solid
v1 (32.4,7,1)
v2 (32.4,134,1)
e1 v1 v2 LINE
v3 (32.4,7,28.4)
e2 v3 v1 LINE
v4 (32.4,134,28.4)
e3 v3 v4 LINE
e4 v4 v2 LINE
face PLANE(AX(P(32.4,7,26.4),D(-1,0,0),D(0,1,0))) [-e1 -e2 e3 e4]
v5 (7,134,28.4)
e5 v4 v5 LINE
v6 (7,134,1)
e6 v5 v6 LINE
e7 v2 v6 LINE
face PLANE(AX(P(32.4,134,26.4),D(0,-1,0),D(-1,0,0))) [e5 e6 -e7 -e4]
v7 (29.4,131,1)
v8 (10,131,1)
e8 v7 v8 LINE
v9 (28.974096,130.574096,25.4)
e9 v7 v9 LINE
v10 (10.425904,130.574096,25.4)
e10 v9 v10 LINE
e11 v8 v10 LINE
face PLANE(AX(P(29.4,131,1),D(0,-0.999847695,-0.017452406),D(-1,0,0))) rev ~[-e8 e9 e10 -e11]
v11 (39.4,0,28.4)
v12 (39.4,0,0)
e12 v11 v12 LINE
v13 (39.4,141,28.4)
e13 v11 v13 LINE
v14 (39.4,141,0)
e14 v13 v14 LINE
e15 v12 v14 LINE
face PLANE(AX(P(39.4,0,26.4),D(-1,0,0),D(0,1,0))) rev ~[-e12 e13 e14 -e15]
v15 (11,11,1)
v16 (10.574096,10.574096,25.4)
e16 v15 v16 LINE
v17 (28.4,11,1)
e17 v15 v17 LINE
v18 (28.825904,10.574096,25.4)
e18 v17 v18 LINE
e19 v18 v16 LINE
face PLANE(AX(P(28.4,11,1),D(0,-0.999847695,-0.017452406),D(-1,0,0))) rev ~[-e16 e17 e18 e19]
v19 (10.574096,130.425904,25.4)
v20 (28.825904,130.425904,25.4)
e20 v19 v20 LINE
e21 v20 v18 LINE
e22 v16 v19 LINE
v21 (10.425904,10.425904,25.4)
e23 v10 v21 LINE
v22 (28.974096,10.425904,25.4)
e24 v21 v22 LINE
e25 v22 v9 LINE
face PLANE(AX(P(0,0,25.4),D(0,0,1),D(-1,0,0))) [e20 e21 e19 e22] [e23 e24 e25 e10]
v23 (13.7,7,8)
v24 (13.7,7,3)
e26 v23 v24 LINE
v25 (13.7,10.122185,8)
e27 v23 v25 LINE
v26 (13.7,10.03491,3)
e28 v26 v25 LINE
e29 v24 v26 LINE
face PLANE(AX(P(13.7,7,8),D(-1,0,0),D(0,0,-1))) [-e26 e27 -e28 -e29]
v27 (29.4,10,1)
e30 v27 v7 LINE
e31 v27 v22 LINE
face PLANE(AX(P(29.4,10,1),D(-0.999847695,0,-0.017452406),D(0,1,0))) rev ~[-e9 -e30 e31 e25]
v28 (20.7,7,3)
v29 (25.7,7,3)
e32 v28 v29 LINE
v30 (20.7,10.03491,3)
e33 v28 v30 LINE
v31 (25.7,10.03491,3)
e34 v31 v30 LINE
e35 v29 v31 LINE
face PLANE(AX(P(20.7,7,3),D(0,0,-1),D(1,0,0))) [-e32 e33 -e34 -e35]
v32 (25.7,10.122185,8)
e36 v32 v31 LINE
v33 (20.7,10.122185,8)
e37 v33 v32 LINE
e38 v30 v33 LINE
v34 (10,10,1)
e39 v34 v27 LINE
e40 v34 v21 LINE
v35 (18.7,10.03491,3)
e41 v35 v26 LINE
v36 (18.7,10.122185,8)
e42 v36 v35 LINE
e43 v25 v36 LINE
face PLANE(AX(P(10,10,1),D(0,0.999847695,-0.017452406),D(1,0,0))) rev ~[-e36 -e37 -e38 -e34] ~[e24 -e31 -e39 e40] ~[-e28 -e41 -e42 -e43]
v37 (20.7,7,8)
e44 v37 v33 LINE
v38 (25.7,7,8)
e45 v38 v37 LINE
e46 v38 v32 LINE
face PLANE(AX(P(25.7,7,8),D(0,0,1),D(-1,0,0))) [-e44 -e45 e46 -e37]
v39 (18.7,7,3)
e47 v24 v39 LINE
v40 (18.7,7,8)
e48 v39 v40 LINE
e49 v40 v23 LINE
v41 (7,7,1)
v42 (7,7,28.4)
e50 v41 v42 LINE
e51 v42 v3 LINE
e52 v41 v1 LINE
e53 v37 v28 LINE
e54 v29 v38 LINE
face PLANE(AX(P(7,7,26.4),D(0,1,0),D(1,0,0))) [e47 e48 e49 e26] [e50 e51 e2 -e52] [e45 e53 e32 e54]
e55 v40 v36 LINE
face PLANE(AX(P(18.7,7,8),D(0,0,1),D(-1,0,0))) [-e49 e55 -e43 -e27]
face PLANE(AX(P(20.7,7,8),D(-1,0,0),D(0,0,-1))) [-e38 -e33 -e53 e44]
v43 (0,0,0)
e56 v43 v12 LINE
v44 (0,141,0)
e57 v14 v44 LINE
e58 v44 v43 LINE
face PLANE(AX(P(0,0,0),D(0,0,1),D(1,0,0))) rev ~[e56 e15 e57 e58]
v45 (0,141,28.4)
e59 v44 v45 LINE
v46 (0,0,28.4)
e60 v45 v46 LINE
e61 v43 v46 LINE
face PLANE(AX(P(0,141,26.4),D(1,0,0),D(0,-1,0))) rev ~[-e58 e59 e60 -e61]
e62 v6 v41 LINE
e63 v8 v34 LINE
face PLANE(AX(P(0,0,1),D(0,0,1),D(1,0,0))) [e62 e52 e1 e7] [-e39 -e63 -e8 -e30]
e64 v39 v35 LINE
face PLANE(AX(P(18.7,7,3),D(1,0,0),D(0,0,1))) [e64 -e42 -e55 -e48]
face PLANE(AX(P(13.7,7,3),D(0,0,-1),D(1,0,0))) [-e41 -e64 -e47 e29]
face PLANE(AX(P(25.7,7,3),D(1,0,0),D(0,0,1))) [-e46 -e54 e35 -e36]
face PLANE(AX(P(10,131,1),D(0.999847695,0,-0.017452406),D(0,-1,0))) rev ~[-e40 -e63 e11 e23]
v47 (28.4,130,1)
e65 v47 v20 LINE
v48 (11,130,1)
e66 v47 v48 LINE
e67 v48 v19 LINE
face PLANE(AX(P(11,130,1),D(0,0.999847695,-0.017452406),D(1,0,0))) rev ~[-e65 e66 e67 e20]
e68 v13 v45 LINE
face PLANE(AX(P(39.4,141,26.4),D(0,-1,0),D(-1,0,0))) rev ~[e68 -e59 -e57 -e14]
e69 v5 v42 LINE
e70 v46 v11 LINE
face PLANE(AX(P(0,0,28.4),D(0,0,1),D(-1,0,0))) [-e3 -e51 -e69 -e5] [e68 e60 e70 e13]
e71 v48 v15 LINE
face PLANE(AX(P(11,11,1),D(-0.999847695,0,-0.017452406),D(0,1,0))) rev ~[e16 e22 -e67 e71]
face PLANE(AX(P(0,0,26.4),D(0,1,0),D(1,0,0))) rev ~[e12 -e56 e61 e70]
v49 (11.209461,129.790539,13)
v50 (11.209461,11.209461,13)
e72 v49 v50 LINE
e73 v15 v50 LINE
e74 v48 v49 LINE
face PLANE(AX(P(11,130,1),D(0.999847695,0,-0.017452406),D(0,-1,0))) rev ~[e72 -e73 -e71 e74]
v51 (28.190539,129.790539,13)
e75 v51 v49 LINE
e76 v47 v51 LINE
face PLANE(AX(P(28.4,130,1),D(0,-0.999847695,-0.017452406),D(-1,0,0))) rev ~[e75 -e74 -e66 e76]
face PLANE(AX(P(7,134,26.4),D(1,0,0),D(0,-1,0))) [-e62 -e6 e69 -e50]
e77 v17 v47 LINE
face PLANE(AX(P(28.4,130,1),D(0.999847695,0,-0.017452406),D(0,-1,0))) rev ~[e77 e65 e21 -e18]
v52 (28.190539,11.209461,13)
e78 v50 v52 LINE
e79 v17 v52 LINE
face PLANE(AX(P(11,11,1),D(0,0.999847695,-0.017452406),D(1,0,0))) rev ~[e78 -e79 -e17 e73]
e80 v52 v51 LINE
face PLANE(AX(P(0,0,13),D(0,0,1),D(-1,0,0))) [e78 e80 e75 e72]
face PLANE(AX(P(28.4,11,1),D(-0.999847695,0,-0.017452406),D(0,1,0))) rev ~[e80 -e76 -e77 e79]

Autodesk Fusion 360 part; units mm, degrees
sketch "Sketch1" plane through (0, 0, 0) normal (0, 0, 1) x (1, 0, 0)
  line L0 (0, 0) -> (39.4, 0)
  line L1 (39.4, 0) -> (39.4, 141)
  line L2 (39.4, 141) -> (0, 141)
  line L3 (0, 141) -> (0, 0)
  line L4 (7, 7) -> (32.4, 7)
  line L5 (32.4, 7) -> (32.4, 134)
  line L6 (32.4, 134) -> (7, 134)
  line L7 (7, 134) -> (7, 7)
  line L8 (10, 10) -> (29.4, 10)
  line L9 (29.4, 10) -> (29.4, 131)
  line L10 (29.4, 131) -> (10, 131)
  line L11 (10, 131) -> (10, 10)
  line L12 (11, 11) -> (28.4, 11)
  line L13 (28.4, 11) -> (28.4, 130)
  line L14 (28.4, 130) -> (11, 130)
  line L15 (11, 130) -> (11, 11)
  dimension "d1" = 39.4
  dimension "d2" = 141
  dimension "d3" = 25.4
  dimension "d4" = 127
  dimension "d5" = 7
  dimension "d6" = 7
  dimension "d7" = 19.4
  dimension "d8" = 121
  dimension "d9" = 3
  dimension "d10" = 3
  dimension "d11" = 17.4
  dimension "d12" = 119
  dimension "d13" = 1
  dimension "d14" = 1
extrude "Extrude1" add sketch "Sketch1" along normal blind 1 contours L0 L1 L2 L3 | L4 L5 L6 L7 | L8 L9 L10 L11 | L12 L13 L14 L15
sketch "Sketch2" plane through (0, 0, 1) normal (0, 0, 1) x (-1, 0, 0)
  line L0 (0, -141) -> (0, 0)
  line L1 (0, 0) -> (-39.4, 0)
  line L2 (-39.4, 0) -> (-39.4, -141)
  line L3 (-39.4, -141) -> (0, -141)
  line L4 (-7, -7) -> (-32.4, -7)
  line L5 (-32.4, -7) -> (-32.4, -134)
  line L6 (-32.4, -134) -> (-7, -134)
  line L7 (-7, -134) -> (-7, -7)
  line L8 (-10, -10) -> (-29.4, -10)
  line L9 (-29.4, -10) -> (-29.4, -131)
  line L10 (-29.4, -131) -> (-10, -131)
  line L11 (-10, -131) -> (-10, -10)
  line L12 (-11, -11) -> (-28.4, -11)
  line L13 (-28.4, -11) -> (-28.4, -130)
  line L14 (-28.4, -130) -> (-11, -130)
  line L15 (-11, -130) -> (-11, -11)
  dimension "d17" = 25.4
  dimension "d18" = 127
  dimension "d19" = 19.4
  dimension "d20" = 121
  dimension "d21" = 17.4
  dimension "d22" = 119
  dimension "d23" = 7
  dimension "d24" = 7
  dimension "d25" = 3
  dimension "d26" = 3
  dimension "d27" = 1
  dimension "d28" = 1
extrude "Extrude2" add sketch "Sketch2" along normal blind 12 draft -1 contours L12 L13 L14 L15
sketch "Sketch3" plane through (0, 0, 1) normal (0, 0, 1) x (-1, 0, 0)
  line L0 (-11, -130) -> (-28.4, -130)
  line L1 (-28.4, -130) -> (-28.4, -11)
  line L2 (-28.4, -11) -> (-11, -11)
  line L3 (-11, -11) -> (-11, -130)
  line L4 (0, -141) -> (0, 0)
  line L5 (0, 0) -> (-39.4, 0)
  line L6 (-39.4, 0) -> (-39.4, -141)
  line L7 (-39.4, -141) -> (0, -141)
  line L8 (-7, -7) -> (-32.4, -7)
  line L9 (-32.4, -7) -> (-32.4, -134)
  line L10 (-32.4, -134) -> (-7, -134)
  line L11 (-7, -134) -> (-7, -7)
  dimension "d31" = 25.4
  dimension "d32" = 127
  dimension "d33" = 7
  dimension "d34" = 7
extrude "Extrude3" add sketch "Sketch3" along normal blind 25.4 contours L4 L5 L6 L7
sketch "Sketch4" plane through (0, 0, 1) normal (0, 0, 1) x (-1, 0, 0)
  line L0 (-7, -7) -> (-32.4, -7)
  line L1 (-32.4, -7) -> (-32.4, -134)
  line L2 (-32.4, -134) -> (-7, -134)
  line L3 (-7, -134) -> (-7, -7)
  line L4 (-11, -130) -> (-28.4, -130)
  line L5 (-28.4, -130) -> (-28.4, -11)
  line L6 (-28.4, -11) -> (-11, -11)
  line L7 (-11, -11) -> (-11, -130)
  line L8 (-10, -10) -> (-29.4, -10)
  line L9 (-29.4, -10) -> (-29.4, -131)
  line L10 (-29.4, -131) -> (-10, -131)
  line L11 (-10, -131) -> (-10, -10)
  dimension "d37" = 19.4
  dimension "d38" = 121
  dimension "d39" = 3
  dimension "d40" = 3
extrude "Extrude4" add sketch "Sketch4" along normal blind 24.4 draft -1 contours L8 L9 L10 L11
extrude "Extrude5" add 1 faces at (2.3333, 49.3333, 26.4) along direction (0, 0, 1) blind 2
sketch "Sketch5" plane through (0, 9.9795, -0.1742) normal (0, -0.9998, 0.0175) x (1, 0, 0)
  line L0 (28.9741, 25.5781) -> (10.4259, 25.5781)
  line L1 (10.4259, 25.5781) -> (10, 1.1744)
  line L2 (10, 1.1744) -> (29.4, 1.1744)
  line L3 (29.4, 1.1744) -> (28.9741, 25.5781)
sketch "Sketch6" plane through (0, 7, 0) normal (0, 1, 0) x (-1, 0, 0)
  line L0 (-32.4, 1) -> (-7, 1)
  line L1 (-7, 1) -> (-7, 28.4)
  line L2 (-7, 28.4) -> (-32.4, 28.4)
  line L3 (-32.4, 28.4) -> (-32.4, 1)
  line L4 (-25.7, 8) -> (-20.7, 8)
  line L5 (-20.7, 8) -> (-20.7, 3)
  line L6 (-20.7, 3) -> (-25.7, 3)
  line L7 (-25.7, 3) -> (-25.7, 8)
  line L8 (-19.7, 28.4) -> (-19.7, -1.222)
  line L9 (-10, 1) -> (-29.4, 1)
  dimension "d45" = 5
  dimension "d46" = 5
  dimension "d47" = 1
  dimension "d48" = 2
extrude "Extrude6" add sketch "Sketch6" along normal blind 3.5 contours L4 L5 L6 L7
sketch "Sketch7" plane through (0, 7, 0) normal (0, 1, 0) x (-1, 0, 0)
  line L0 (-25.7, 3) -> (-25.7, 8)
  line L1 (-25.7, 8) -> (-20.7, 8)
  line L2 (-20.7, 8) -> (-20.7, 3)
  line L3 (-20.7, 3) -> (-25.7, 3)
  line L4 (-32.4, 1) -> (-7, 1)
  line L5 (-7, 1) -> (-7, 28.4)
  line L6 (-7, 28.4) -> (-32.4, 28.4)
  line L7 (-32.4, 28.4) -> (-32.4, 1)
  line L8 (-19.7, 28.4) -> (-19.7, 1)
  line L9 (-18.7, 8) -> (-13.7, 8)
  line L10 (-13.7, 8) -> (-13.7, 3)
  line L11 (-13.7, 3) -> (-18.7, 3)
  line L12 (-18.7, 3) -> (-18.7, 8)
  line L13 (-10, 1) -> (-29.4, 1)
  dimension "d51" = 5
  dimension "d52" = 5
  dimension "d53" = 1
  dimension "d54" = 2
extrude "Extrude7" add sketch "Sketch7" along normal blind 3.5 contours L9 L10 L11 L12
